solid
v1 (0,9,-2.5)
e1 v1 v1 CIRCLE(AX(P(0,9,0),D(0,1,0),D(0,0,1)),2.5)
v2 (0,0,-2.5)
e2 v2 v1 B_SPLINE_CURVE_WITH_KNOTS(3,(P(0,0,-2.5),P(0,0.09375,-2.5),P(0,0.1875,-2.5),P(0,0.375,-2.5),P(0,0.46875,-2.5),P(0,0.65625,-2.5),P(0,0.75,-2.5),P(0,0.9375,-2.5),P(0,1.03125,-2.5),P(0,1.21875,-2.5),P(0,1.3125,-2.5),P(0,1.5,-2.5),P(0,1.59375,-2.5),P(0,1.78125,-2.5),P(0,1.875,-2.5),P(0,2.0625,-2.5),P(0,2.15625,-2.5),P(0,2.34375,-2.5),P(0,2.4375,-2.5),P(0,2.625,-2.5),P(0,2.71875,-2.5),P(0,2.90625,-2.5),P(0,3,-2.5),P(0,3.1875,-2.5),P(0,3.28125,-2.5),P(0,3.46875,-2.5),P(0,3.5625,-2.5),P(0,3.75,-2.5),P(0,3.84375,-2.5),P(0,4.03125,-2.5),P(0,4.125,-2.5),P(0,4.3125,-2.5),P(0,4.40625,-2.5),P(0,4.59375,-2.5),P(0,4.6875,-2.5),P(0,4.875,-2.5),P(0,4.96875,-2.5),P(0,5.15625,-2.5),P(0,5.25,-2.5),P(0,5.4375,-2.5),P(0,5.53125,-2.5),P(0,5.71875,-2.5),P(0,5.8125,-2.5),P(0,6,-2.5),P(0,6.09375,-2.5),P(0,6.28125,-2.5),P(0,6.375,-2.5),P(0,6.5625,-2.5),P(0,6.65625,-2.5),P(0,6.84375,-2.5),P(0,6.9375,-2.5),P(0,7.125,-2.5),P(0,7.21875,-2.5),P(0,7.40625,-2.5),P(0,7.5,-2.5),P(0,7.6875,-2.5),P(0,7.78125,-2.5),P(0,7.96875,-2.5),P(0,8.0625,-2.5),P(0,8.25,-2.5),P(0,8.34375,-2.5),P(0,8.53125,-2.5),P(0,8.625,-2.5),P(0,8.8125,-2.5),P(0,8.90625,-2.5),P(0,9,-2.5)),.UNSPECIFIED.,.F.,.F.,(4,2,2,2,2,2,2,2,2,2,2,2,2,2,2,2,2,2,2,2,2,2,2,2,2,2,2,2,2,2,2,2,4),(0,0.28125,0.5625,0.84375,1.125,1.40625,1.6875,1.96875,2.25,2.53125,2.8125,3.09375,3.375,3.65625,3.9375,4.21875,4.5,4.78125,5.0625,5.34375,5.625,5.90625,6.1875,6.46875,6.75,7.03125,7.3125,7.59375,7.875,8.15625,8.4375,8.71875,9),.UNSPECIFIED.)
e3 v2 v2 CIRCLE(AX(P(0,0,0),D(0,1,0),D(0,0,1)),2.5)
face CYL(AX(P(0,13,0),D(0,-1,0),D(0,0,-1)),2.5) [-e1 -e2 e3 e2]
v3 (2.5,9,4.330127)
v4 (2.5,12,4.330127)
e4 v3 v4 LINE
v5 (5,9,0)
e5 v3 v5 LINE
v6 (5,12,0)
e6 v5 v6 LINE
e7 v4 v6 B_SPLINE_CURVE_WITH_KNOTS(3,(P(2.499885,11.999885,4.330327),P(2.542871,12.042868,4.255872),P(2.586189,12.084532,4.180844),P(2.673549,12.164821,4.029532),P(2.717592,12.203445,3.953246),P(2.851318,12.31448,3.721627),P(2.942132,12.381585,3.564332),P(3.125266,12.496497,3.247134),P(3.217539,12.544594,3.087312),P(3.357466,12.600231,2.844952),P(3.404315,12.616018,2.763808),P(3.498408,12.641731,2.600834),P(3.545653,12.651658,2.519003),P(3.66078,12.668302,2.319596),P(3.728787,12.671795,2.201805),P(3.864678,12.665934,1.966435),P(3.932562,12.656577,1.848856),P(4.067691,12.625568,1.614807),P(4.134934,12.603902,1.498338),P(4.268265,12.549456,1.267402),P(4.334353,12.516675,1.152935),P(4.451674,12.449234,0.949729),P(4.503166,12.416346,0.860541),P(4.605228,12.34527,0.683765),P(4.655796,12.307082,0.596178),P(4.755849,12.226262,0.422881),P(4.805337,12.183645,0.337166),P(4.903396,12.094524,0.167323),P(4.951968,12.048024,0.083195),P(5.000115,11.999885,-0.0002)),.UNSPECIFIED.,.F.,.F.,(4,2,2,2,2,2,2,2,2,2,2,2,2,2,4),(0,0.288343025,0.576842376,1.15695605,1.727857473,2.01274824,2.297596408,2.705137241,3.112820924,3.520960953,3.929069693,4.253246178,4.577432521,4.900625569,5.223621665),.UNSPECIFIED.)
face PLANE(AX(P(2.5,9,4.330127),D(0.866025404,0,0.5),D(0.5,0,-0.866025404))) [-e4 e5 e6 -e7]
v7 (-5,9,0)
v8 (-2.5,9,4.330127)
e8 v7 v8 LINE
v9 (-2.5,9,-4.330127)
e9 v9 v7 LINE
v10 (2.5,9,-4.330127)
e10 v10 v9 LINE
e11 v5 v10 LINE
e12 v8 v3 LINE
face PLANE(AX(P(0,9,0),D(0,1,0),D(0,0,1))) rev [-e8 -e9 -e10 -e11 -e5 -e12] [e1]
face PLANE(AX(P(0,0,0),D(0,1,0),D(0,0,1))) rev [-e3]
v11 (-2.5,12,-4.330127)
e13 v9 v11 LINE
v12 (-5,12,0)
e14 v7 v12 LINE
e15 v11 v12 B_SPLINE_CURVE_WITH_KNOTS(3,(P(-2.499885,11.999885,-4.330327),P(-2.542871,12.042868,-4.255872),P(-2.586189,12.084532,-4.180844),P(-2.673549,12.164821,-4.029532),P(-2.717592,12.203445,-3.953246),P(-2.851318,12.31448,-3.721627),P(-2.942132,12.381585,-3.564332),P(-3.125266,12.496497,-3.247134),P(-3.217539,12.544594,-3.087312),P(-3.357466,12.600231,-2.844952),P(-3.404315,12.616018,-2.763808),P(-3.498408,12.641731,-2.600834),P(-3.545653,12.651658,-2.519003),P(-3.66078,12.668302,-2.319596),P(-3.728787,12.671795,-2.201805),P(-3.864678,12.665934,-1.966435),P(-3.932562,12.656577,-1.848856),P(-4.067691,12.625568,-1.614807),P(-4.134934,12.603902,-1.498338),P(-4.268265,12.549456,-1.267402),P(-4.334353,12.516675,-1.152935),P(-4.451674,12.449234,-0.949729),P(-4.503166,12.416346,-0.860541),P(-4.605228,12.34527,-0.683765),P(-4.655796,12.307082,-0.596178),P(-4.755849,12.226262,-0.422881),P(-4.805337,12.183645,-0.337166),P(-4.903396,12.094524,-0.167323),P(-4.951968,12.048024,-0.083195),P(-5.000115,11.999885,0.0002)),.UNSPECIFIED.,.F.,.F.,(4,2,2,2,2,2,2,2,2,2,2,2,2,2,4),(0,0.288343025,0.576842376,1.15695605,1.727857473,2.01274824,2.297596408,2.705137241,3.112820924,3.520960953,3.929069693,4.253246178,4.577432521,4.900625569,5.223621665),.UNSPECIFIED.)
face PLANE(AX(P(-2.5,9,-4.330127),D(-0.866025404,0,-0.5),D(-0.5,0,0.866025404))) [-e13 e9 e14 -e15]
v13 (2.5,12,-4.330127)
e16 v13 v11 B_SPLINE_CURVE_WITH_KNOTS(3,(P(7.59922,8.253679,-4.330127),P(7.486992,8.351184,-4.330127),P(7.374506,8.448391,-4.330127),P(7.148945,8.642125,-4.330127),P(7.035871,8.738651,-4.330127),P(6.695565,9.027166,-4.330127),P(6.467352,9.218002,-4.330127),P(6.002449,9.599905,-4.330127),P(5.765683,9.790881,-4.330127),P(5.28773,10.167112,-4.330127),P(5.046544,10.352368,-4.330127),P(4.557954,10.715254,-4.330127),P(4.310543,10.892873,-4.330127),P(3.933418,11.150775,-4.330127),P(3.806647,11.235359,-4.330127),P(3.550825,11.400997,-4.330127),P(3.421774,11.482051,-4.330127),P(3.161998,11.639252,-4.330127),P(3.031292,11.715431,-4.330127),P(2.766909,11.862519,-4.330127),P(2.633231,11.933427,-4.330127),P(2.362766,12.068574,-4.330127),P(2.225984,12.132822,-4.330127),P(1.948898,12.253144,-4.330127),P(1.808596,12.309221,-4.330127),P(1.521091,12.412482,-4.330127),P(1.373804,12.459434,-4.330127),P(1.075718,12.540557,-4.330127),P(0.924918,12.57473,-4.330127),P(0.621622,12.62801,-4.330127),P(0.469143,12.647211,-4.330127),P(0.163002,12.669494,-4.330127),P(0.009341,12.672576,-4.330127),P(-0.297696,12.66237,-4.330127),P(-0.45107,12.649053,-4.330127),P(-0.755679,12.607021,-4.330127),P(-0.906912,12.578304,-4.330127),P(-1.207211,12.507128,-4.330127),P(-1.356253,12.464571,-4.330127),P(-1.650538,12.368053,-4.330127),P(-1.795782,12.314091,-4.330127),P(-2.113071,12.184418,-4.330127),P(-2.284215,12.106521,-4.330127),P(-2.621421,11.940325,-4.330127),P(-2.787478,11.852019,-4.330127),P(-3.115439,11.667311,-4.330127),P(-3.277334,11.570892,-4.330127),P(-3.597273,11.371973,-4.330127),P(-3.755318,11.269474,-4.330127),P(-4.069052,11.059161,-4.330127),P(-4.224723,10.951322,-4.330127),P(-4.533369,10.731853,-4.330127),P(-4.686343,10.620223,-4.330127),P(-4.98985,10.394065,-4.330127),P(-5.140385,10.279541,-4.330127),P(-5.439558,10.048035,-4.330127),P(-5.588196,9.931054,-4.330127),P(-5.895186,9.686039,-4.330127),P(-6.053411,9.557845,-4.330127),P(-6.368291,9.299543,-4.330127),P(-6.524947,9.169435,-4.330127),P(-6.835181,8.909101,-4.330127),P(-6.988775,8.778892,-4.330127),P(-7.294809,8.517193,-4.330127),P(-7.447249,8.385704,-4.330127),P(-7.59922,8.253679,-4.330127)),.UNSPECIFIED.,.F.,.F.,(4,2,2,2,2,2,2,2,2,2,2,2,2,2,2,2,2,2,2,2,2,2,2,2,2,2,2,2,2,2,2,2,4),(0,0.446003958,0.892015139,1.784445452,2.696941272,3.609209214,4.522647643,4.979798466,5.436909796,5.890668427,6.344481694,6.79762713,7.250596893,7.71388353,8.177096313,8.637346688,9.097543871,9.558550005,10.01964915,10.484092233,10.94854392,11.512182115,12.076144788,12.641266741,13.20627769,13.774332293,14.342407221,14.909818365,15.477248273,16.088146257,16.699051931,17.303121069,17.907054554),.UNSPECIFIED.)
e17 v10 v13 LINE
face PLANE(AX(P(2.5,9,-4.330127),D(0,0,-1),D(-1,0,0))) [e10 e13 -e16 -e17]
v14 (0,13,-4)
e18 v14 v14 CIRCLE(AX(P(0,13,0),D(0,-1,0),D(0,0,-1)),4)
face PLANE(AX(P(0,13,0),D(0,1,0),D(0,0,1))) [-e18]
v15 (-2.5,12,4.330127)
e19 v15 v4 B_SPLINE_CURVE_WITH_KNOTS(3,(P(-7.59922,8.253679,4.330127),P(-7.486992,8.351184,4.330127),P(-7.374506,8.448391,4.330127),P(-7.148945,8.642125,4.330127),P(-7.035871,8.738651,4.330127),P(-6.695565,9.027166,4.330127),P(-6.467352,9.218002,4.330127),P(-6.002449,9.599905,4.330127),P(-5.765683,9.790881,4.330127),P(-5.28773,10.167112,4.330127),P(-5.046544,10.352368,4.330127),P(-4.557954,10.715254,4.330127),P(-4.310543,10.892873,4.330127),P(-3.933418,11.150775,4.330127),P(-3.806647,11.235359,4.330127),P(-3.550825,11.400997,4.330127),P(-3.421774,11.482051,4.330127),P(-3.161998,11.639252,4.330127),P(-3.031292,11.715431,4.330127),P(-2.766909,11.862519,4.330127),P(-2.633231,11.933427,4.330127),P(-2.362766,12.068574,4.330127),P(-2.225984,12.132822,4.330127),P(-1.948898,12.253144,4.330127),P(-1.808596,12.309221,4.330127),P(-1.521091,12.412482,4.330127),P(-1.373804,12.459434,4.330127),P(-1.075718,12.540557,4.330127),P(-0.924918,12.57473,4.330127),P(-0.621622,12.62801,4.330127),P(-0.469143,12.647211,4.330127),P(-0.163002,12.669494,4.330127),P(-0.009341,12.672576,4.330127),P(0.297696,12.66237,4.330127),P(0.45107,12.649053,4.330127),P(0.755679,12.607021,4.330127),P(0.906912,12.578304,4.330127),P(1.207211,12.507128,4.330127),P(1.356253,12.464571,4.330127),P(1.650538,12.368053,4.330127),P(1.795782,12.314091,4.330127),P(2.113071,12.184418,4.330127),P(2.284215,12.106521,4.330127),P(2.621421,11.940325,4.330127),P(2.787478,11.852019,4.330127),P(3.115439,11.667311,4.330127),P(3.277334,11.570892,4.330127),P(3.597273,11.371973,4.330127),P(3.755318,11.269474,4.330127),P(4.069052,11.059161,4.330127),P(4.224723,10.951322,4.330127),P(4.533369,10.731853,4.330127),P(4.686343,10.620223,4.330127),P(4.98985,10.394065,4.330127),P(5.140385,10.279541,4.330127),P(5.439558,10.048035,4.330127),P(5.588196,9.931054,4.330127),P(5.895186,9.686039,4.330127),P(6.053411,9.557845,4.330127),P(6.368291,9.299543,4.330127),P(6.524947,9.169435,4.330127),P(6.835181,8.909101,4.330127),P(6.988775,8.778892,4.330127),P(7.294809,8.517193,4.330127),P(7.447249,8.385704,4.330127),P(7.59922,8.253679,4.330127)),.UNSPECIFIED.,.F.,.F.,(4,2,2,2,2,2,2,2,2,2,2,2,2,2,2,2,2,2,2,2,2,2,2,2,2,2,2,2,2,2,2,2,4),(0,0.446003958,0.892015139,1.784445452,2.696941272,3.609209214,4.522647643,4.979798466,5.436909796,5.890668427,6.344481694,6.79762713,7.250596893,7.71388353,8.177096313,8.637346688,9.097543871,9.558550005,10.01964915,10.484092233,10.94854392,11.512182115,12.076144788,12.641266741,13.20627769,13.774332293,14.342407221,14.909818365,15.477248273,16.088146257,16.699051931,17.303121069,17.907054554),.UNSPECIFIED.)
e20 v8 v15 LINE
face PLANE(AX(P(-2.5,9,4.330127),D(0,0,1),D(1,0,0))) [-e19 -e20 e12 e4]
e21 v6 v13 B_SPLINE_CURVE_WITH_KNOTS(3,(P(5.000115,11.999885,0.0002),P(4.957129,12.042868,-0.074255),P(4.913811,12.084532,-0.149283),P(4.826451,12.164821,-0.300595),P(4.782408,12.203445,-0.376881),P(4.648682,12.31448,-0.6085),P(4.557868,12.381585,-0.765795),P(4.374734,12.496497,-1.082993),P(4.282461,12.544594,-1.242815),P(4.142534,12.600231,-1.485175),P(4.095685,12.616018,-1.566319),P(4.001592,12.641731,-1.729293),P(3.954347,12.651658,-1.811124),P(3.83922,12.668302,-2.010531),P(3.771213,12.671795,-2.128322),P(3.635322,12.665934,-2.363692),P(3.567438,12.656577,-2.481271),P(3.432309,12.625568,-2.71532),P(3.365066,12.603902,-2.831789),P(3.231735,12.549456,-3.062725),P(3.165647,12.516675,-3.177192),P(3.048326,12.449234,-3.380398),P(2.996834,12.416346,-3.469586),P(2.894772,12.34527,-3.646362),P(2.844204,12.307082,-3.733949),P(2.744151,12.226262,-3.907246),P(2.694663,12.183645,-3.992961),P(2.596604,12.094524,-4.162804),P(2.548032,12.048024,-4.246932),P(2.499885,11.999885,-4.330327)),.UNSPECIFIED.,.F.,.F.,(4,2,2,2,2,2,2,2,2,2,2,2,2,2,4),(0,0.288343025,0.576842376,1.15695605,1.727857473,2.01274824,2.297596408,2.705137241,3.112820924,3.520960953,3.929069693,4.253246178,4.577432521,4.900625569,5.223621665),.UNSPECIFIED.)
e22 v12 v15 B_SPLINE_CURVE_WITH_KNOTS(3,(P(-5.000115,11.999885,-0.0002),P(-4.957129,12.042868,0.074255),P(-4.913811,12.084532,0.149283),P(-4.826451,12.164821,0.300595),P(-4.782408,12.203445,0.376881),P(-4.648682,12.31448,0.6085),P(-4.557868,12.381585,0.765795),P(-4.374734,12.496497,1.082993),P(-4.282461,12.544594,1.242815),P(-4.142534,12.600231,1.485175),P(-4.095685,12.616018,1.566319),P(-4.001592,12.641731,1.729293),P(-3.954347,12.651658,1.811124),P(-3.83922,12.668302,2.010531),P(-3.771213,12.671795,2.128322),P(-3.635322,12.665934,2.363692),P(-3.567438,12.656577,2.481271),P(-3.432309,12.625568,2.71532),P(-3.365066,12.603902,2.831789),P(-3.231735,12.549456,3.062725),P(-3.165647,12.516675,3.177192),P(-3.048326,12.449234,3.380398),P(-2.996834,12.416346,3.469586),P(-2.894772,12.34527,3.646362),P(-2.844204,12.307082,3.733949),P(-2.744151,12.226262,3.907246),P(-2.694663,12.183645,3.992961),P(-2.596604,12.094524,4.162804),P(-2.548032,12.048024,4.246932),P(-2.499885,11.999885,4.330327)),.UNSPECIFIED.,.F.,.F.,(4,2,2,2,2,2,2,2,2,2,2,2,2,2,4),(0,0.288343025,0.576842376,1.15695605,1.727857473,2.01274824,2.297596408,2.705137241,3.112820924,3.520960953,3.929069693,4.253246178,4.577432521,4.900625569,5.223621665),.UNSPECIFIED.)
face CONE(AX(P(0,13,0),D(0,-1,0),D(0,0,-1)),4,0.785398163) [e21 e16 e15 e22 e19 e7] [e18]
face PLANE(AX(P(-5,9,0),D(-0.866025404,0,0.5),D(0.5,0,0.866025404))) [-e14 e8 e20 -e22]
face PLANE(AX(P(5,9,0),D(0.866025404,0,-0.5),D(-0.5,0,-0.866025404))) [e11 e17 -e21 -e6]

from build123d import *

# Parameters (mm, degrees)
SKETCH1_R           = 2.5
BOSS_EXTRUDE1_DEPTH = 13
BOSS_EXTRUDE2_DEPTH = 4


with BuildPart() as part:
    # Sketch1 → Boss-Extrude1 (new body)
    with BuildSketch(Plane(origin=(0, 0, 0), x_dir=(1, 0, 0), z_dir=(0, 1, 0))):
        with Locations(Location((0, 0, 0), (0, 0, 90))):
            Circle(SKETCH1_R)
    extrude(amount=BOSS_EXTRUDE1_DEPTH)

    # Sketch2 → Boss-Extrude2 (add)
    with BuildSketch(Plane(origin=(0, 13, 0), x_dir=(1, 0, 0), z_dir=(0, 1, 0))):
        Polygon((5, 0), (2.5, 4.330127019), (-2.5, 4.330127019), (-5, 0), (-2.5, -4.330127019), (2.5, -4.330127019), align=None)
    extrude(amount=-BOSS_EXTRUDE2_DEPTH)

    # Sketch3 → Cut-Revolve1 (revolve, cut)
    with BuildSketch(Plane.XY, mode=Mode.PRIVATE) as cut_revolve1_sk:
        Polygon((4, 13), (5, 12), (5, 13), align=None)
    revolve(cut_revolve1_sk.sketch.rotate(Axis((0, 0, 0), (0, 1, 0)), 90), axis=Axis((0, 0, 0), (0, 1, 0)), mode=Mode.SUBTRACT)


solid = part.part
